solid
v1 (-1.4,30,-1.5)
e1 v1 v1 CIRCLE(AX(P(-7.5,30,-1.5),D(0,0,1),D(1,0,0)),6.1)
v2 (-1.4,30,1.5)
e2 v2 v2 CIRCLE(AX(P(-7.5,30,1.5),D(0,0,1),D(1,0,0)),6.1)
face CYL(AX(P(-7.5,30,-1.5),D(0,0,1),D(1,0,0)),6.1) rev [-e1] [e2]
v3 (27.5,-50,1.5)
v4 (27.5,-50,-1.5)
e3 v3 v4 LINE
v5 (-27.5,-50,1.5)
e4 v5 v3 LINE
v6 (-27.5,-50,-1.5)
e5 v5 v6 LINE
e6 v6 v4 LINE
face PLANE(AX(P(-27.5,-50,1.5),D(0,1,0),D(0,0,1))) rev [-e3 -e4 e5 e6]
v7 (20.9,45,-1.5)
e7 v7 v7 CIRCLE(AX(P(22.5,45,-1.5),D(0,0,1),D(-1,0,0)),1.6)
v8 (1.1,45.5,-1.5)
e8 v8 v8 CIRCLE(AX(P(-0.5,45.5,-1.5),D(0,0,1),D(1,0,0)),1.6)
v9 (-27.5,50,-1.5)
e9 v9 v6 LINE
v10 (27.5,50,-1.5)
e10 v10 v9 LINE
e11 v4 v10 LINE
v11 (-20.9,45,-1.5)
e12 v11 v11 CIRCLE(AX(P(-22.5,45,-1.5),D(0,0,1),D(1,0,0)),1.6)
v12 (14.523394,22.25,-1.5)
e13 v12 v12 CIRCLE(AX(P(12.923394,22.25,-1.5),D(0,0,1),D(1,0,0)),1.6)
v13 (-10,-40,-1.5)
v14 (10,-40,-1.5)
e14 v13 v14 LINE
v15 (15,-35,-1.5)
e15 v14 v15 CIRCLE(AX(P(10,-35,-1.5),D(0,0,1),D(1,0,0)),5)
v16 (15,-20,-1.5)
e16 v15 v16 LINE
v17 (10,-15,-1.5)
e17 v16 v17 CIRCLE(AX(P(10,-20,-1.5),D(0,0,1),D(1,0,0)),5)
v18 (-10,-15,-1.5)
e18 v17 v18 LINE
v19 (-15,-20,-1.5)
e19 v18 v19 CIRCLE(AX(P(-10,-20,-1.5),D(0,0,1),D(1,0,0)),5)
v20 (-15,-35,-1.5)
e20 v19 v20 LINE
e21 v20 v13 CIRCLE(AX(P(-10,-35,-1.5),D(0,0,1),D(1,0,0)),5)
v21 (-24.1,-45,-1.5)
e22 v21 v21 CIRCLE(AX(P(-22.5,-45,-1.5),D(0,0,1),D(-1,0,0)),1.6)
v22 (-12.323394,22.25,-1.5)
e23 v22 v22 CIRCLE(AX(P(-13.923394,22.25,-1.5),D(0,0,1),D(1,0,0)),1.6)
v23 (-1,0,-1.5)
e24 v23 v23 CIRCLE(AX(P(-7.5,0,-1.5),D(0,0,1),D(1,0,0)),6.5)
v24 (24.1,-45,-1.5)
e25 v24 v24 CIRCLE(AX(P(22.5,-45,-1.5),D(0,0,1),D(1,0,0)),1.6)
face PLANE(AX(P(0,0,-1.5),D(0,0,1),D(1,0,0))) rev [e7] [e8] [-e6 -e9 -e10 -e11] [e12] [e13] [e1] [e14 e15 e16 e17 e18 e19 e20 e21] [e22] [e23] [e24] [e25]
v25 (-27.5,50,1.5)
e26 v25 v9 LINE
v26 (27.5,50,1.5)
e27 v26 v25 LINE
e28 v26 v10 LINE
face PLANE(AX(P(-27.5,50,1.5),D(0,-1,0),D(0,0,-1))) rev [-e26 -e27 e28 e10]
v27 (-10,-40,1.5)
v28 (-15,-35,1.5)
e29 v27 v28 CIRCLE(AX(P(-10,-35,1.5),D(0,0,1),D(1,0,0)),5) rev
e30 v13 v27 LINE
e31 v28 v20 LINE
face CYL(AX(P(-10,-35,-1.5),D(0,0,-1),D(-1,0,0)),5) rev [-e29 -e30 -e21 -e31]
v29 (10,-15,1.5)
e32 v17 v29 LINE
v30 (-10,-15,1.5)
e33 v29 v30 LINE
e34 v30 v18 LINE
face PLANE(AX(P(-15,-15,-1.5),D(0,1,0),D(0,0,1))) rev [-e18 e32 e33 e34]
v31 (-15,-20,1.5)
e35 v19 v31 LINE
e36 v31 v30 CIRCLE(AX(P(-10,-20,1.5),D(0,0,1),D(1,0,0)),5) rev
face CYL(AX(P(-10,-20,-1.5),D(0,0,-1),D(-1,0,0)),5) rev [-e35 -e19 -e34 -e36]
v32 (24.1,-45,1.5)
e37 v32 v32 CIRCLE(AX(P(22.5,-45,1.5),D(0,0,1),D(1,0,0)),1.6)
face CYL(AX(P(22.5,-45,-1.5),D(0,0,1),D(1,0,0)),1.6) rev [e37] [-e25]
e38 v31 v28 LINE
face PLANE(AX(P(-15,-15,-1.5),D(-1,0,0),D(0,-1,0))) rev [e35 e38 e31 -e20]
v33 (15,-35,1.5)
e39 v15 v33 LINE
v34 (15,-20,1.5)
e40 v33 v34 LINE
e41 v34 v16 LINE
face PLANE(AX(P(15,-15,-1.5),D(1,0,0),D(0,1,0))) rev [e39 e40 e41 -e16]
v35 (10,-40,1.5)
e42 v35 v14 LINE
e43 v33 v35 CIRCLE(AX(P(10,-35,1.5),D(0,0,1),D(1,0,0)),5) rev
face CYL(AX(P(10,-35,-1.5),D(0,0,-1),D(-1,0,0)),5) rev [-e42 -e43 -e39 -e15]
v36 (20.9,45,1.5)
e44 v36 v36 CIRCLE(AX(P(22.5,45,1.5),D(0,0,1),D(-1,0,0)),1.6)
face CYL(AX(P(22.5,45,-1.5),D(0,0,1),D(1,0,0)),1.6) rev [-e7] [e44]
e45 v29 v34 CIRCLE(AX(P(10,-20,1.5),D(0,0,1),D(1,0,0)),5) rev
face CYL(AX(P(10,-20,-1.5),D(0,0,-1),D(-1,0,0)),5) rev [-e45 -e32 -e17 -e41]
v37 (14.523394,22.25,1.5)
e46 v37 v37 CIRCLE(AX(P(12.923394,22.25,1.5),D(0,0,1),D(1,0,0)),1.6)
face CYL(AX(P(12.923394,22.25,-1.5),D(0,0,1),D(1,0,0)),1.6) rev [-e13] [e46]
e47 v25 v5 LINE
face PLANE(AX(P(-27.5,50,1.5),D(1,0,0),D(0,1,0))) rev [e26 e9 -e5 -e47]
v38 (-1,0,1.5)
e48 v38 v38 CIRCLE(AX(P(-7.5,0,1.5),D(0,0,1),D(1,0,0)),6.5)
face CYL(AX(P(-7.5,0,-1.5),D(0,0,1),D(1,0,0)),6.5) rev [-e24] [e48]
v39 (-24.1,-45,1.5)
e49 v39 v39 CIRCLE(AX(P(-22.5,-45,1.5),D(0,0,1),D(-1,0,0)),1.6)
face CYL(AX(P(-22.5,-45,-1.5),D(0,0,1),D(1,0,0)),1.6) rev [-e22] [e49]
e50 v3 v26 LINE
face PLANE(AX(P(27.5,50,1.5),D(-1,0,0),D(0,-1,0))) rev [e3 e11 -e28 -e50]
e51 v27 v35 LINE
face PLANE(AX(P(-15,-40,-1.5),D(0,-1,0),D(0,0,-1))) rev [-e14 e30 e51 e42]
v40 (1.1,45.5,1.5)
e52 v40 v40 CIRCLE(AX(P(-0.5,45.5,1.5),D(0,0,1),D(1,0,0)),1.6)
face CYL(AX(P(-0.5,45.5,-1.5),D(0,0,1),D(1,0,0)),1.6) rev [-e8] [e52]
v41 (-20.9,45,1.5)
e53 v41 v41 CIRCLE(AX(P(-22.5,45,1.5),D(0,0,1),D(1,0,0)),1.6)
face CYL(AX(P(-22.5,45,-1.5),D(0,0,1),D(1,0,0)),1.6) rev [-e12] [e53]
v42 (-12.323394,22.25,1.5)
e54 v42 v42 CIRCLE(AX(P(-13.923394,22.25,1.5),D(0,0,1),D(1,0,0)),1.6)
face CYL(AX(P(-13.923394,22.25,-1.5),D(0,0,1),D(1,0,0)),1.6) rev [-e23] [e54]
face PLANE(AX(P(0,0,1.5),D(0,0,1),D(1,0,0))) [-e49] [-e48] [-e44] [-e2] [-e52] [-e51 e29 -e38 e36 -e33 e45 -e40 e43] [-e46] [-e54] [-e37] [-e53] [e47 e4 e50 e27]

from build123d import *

# Parameters (mm, degrees)
SKETCH_1_W          = 55
SKETCH_1_H          = 100
EXTRUDE_1_DEPTH     = 1.5
SKETCH_2_R          = 6.1
SKETCH_2_R_2        = 6.5
SKETCH_2_R_3        = 1.6
CUT_EXTRUDE_1_DEPTH = 58.142366069
SKETCH_3_R          = 1.6
CUT_EXTRUDE_2_DEPTH = 58.142366069
SKETCH_4_W          = 30
SKETCH_4_H          = 25
CUT_EXTRUDE_3_DEPTH = 58.142366069
FILLET_1_R          = 5


with BuildPart() as part:
    # ｽｹｯﾁ1 → ﾎﾞｽ - 押し出し1 (new, symmetric)
    with BuildSketch(Plane.XY):
        Rectangle(SKETCH_1_W, SKETCH_1_H)
    extrude(amount=EXTRUDE_1_DEPTH, both=True)

    # ｽｹｯﾁ2 → ｶｯﾄ - 押し出し1 (cut, through all)
    with BuildSketch(Plane.XY.offset(1.5)):
        with Locations((-7.5, 30)):
            Circle(SKETCH_2_R)
        with Locations((-7.5, 0)):
            Circle(SKETCH_2_R_2)
        with Locations((12.923393759, 22.25)):
            Circle(SKETCH_2_R_3)
        with Locations((-0.5, 45.5)):
            Circle(SKETCH_2_R_3)
        with Locations((-13.923393759, 22.25)):
            Circle(SKETCH_2_R_3)
    extrude(amount=-CUT_EXTRUDE_1_DEPTH, mode=Mode.SUBTRACT)

    # ｽｹｯﾁ3 → ｶｯﾄ - 押し出し2 (cut, through all)
    with BuildSketch(Plane.XY.offset(1.5)):
        with Locations((-22.5, 45)):
            Circle(SKETCH_3_R)
        with Locations(Location((22.5, 45, 0), (0, 0, 180))):
            Circle(SKETCH_3_R)
        with Locations((22.5, -45)):
            Circle(SKETCH_3_R)
        with Locations(Location((-22.5, -45, 0), (0, 0, 180))):
            Circle(SKETCH_3_R)
    extrude(amount=-CUT_EXTRUDE_2_DEPTH, mode=Mode.SUBTRACT)

    # ｽｹｯﾁ4 → ｶｯﾄ - 押し出し3 (cut, through all)
    with BuildSketch(Plane.XY.offset(1.5)):
        with Locations((0, -27.5)):
            Rectangle(SKETCH_4_W, SKETCH_4_H)
    extrude(amount=-CUT_EXTRUDE_3_DEPTH, mode=Mode.SUBTRACT)

    # ﾌｨﾚｯﾄ1
    fillet_1_edges = [part.edges().sort_by_distance(p)[0] for p in [
        (15, -15, 0),
        (15, -40, 0),
        (-15, -40, 0),
        (-15, -15, 0),
    ]]
    fillet(fillet_1_edges, radius=FILLET_1_R)


solid = part.part
